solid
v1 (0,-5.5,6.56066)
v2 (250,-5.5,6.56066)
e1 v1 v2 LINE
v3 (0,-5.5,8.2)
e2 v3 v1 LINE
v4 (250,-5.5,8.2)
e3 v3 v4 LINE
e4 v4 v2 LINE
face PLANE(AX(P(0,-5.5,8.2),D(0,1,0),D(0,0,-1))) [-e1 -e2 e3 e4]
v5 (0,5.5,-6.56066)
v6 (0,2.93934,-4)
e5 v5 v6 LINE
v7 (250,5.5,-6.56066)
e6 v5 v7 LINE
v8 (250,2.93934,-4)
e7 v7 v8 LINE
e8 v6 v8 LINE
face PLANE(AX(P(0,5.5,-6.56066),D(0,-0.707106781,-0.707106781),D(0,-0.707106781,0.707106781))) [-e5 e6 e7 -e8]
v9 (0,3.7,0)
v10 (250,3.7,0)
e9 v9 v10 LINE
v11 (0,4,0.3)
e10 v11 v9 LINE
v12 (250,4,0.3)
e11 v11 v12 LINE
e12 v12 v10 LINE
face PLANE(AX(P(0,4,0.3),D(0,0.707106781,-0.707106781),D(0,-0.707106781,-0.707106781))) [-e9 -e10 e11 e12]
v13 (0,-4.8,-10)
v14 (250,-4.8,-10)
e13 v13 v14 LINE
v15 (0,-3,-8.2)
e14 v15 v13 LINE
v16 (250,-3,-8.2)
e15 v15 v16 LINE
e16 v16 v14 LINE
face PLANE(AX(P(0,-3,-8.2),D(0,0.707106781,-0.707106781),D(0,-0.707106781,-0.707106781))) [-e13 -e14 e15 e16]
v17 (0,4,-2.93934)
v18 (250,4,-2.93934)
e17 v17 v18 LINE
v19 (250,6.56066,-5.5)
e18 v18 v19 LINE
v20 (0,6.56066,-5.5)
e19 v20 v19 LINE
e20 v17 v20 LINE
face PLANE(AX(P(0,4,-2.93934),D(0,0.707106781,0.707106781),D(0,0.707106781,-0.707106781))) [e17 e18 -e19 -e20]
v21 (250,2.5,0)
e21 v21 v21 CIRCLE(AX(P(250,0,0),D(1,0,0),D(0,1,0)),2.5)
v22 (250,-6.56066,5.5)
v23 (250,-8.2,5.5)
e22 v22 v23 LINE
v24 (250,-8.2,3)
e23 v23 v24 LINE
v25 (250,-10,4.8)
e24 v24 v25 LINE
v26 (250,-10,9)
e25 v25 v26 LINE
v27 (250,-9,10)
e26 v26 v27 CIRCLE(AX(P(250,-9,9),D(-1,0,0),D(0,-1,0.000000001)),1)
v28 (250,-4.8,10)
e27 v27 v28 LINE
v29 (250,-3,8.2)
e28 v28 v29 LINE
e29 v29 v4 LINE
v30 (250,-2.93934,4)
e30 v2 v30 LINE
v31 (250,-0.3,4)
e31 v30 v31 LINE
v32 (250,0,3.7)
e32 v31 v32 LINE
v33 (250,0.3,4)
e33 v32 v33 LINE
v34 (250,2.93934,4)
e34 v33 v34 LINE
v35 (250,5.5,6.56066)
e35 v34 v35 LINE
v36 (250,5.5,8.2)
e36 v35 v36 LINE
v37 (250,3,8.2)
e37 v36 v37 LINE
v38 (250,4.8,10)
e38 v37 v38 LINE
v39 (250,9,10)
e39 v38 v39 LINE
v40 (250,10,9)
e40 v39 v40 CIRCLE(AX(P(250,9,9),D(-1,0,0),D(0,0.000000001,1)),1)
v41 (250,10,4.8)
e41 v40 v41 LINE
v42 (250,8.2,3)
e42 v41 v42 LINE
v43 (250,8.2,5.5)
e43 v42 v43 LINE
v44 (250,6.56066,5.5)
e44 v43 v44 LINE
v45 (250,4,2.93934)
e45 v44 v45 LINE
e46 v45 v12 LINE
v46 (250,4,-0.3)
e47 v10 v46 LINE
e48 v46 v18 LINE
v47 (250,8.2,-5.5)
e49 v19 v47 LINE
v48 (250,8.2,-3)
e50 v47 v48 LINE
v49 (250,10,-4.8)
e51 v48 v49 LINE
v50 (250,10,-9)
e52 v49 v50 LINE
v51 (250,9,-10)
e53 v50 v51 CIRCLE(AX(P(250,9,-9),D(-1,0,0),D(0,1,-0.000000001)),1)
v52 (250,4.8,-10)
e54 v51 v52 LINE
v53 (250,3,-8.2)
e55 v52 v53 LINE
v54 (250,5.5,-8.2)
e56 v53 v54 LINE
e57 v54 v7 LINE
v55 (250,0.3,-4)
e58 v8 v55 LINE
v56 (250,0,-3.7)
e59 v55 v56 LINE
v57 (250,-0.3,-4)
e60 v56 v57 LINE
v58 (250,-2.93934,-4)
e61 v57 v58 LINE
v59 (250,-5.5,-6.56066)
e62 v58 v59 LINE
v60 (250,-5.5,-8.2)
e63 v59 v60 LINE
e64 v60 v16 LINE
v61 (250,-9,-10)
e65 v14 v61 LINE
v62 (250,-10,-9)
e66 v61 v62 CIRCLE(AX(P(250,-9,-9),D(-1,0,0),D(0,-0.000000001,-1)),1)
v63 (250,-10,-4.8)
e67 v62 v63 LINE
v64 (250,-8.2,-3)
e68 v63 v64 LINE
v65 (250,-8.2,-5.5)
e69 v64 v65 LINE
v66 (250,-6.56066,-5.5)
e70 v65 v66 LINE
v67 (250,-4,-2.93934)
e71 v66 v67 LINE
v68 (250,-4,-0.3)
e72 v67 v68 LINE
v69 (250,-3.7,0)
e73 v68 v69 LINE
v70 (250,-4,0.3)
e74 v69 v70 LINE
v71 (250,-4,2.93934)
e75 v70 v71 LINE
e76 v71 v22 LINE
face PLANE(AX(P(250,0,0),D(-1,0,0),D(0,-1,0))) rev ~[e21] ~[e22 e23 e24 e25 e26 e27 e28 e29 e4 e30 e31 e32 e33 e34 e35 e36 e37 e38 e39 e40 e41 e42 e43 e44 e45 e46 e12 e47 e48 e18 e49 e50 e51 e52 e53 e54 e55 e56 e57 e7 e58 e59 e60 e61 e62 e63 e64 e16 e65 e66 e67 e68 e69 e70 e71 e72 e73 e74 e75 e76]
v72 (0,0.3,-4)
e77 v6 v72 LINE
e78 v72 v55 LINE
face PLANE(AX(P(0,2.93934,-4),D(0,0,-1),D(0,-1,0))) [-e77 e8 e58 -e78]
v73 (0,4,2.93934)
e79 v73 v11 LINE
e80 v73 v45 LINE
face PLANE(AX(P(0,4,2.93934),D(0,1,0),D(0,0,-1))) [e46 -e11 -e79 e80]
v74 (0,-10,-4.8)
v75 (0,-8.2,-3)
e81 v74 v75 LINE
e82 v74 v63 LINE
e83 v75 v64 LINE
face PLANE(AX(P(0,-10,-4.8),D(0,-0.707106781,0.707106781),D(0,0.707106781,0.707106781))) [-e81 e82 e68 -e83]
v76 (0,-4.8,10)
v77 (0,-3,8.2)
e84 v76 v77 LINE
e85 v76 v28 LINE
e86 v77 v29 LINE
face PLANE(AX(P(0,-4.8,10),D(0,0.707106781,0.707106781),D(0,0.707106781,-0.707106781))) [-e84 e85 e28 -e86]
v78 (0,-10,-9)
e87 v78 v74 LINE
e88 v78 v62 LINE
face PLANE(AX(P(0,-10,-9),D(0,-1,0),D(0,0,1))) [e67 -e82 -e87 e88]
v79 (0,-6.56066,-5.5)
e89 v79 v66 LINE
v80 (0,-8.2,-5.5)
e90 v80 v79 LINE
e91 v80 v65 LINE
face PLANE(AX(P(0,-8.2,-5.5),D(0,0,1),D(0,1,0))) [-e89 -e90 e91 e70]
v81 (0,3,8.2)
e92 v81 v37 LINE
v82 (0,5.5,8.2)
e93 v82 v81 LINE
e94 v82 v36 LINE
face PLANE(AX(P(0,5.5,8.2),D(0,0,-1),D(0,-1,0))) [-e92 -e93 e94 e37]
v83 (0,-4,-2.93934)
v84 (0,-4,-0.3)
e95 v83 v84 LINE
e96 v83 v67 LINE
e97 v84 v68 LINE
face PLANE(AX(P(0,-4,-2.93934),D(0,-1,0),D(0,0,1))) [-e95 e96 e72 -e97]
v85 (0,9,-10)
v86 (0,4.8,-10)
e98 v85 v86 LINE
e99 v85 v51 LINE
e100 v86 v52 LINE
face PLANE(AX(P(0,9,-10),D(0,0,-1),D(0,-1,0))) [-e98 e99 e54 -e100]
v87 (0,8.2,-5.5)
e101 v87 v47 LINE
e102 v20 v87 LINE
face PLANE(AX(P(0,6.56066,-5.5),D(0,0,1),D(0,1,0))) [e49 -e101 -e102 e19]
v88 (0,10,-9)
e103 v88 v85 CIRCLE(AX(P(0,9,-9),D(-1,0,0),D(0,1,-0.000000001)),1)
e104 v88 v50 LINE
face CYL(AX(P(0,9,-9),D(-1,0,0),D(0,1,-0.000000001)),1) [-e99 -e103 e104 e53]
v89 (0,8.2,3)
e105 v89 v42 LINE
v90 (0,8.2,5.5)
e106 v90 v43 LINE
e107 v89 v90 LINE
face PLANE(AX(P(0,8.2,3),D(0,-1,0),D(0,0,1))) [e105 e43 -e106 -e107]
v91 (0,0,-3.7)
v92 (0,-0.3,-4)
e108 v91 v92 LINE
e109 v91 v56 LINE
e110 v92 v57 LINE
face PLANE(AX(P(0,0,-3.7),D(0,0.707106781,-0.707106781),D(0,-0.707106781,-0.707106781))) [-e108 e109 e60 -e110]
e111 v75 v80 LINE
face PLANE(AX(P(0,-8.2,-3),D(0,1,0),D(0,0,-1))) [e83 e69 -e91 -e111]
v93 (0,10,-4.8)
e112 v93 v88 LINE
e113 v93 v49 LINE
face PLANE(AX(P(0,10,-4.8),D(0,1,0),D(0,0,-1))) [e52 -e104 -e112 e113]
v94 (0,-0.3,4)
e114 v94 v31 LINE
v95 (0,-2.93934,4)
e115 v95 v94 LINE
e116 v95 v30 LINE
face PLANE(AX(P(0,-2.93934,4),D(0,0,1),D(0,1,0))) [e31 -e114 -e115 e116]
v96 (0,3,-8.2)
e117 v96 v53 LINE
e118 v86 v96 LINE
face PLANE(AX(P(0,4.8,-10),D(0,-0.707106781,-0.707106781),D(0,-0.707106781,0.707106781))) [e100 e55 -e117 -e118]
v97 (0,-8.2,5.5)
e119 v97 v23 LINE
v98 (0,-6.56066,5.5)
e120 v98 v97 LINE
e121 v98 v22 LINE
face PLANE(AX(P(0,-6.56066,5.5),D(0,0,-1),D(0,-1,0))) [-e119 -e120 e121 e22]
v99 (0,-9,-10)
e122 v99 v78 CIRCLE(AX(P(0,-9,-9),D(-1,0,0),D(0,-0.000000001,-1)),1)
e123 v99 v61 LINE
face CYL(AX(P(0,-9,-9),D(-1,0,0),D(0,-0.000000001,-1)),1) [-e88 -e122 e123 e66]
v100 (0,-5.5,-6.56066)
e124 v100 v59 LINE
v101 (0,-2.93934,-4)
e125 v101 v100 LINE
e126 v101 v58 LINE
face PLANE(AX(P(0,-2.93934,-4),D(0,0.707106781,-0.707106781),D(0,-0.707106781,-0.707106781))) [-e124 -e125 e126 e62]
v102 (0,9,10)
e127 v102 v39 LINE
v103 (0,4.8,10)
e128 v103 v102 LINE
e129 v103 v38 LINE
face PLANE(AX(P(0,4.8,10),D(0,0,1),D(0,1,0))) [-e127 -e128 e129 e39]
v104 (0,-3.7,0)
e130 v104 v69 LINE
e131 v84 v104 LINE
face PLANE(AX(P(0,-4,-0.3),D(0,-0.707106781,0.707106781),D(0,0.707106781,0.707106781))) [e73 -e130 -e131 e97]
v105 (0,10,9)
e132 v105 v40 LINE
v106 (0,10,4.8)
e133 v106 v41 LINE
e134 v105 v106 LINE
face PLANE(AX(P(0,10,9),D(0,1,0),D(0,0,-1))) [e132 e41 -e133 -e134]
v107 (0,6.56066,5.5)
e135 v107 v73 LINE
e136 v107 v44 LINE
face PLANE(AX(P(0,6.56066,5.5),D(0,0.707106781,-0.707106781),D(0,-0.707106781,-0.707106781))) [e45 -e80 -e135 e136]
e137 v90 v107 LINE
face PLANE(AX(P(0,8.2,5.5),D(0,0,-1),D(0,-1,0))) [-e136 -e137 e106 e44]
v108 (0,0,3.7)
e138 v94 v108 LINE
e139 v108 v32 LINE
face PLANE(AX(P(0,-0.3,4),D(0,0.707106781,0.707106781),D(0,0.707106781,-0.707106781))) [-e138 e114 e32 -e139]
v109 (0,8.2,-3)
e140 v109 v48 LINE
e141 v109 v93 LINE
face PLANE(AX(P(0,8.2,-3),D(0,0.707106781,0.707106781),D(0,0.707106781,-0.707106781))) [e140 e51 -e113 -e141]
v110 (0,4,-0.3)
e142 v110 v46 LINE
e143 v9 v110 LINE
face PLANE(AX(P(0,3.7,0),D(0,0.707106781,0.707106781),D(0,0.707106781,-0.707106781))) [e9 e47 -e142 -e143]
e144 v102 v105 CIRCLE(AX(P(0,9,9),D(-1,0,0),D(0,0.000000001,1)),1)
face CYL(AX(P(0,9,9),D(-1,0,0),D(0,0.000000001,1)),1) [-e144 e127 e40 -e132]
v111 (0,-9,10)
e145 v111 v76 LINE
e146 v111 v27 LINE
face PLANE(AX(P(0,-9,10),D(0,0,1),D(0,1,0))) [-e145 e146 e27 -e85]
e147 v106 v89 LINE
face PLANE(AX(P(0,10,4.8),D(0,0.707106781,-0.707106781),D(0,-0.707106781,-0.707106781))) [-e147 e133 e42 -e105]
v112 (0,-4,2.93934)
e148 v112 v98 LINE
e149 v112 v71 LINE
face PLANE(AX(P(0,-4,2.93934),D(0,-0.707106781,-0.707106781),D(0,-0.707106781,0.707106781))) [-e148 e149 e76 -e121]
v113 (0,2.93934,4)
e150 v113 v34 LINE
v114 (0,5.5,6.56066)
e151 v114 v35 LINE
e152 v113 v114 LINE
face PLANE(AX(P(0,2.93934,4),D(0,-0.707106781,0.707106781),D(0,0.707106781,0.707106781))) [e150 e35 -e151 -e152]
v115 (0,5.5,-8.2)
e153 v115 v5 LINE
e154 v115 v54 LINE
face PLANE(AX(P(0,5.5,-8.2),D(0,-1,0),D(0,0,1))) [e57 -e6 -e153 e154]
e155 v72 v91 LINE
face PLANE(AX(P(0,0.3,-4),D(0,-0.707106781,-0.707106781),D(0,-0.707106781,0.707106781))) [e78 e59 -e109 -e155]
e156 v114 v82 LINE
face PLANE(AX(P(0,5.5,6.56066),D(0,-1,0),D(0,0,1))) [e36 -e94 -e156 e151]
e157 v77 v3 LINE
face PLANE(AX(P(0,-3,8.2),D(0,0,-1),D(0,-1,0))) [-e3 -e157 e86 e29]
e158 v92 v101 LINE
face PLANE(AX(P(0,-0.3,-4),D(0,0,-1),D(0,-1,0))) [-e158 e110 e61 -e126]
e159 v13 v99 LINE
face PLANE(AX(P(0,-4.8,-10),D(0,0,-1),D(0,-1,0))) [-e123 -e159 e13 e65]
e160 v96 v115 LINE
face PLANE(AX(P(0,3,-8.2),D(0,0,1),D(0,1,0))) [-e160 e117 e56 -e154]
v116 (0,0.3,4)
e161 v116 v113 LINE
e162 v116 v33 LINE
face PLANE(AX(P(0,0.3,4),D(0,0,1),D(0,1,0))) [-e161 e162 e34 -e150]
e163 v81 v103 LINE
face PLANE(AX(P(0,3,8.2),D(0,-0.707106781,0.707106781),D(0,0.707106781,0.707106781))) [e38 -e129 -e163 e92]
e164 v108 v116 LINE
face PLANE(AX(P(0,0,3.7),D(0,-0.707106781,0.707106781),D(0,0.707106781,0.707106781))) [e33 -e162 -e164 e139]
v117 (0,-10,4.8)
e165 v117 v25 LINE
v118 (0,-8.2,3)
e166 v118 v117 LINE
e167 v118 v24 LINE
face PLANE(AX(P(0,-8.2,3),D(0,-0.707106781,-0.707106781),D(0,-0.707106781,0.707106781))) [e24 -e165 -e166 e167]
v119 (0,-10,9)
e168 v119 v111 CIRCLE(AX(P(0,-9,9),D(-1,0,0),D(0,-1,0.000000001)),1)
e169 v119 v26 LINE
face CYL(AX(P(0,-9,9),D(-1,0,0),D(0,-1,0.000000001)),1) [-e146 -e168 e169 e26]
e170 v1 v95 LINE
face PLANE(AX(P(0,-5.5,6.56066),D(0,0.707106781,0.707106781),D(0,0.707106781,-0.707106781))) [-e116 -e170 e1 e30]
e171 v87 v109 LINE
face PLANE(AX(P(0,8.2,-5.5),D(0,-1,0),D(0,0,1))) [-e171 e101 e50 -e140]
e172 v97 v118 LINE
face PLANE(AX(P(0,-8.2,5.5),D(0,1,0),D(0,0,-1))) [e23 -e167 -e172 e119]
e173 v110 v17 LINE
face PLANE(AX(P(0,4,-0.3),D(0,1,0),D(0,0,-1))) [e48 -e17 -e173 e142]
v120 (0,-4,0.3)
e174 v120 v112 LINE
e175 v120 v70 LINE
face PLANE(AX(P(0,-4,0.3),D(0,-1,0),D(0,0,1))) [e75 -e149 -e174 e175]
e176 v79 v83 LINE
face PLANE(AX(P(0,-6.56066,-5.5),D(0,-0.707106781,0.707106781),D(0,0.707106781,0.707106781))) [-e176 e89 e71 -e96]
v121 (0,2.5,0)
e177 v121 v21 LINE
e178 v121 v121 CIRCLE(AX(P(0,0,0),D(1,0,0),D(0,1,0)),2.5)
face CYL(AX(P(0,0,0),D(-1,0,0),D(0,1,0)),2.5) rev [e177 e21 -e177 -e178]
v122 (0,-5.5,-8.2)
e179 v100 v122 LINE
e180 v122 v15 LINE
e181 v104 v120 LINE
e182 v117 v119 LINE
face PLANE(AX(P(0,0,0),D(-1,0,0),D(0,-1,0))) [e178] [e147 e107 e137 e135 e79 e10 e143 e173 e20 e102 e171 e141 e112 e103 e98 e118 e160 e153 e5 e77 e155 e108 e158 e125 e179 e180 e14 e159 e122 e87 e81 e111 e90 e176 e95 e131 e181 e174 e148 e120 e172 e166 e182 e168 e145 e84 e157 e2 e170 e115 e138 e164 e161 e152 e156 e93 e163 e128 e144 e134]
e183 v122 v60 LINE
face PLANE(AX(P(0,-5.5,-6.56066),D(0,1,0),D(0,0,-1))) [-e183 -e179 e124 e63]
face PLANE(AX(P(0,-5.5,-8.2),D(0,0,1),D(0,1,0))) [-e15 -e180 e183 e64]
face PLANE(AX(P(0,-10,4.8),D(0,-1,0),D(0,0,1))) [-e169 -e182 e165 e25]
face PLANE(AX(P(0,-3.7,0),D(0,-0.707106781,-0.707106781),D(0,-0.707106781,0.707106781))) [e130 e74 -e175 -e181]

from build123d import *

# Parameters (mm, degrees)
SKETCH11_R                                  = 2.5
QUADRADO_PF20_11_PERFIL_2020_V_SLOT_1_DEPTH = 250


with BuildPart() as part:
    # Sketch11 → Quadrado PF20-11 - PERFIL 2020 V-SLOT(1) (new body)
    with BuildSketch(Plane.YZ):
        with BuildLine():
            Line((-4.8, 10), (-3, 8.2))
            Line((-3, 8.2), (-5.5, 8.2))
            Line((-5.5, 8.2), (-5.5, 6.560660172))
            Line((-5.5, 6.560660172), (-2.939339828, 4))
            Line((-2.939339828, 4), (-0.3, 4))
            Line((-0.3, 4), (0, 3.7))
            Line((0, 3.7), (0.3, 4))
            Line((0.3, 4), (2.939339828, 4))
            Line((2.939339828, 4), (5.5, 6.560660172))
            Line((5.5, 6.560660172), (5.5, 8.2))
            Line((5.5, 8.2), (3, 8.2))
            Line((3, 8.2), (4.8, 10))
            Line((4.8, 10), (9, 10))
            ThreePointArc((9, 10), (9.707106781, 9.707106781), (10, 9))
            Line((10, 9), (10, 4.8))
            Line((10, 4.8), (8.2, 3))
            Line((8.2, 3), (8.2, 5.5))
            Line((8.2, 5.5), (6.560660172, 5.5))
            Line((6.560660172, 5.5), (4, 2.939339828))
            Line((4, 2.939339828), (4, 0.3))
            Line((4, 0.3), (3.7, 0))
            Line((3.7, 0), (4, -0.3))
            Line((4, -0.3), (4, -2.939339828))
            Line((4, -2.939339828), (6.560660172, -5.5))
            Line((6.560660172, -5.5), (8.2, -5.5))
            Line((8.2, -5.5), (8.2, -3))
            Line((8.2, -3), (10, -4.8))
            Line((10, -4.8), (10, -9))
            ThreePointArc((10, -9), (9.707106781, -9.707106781), (9, -10))
            Line((9, -10), (4.8, -10))
            Line((4.8, -10), (3, -8.2))
            Line((3, -8.2), (5.5, -8.2))
            Line((5.5, -8.2), (5.5, -6.560660172))
            Line((5.5, -6.560660172), (2.939339828, -4))
            Line((2.939339828, -4), (0.3, -4))
            Line((0.3, -4), (0, -3.7))
            Line((0, -3.7), (-0.3, -4))
            Line((-0.3, -4), (-2.939339828, -4))
            Line((-2.939339828, -4), (-5.5, -6.560660172))
            Line((-5.5, -6.560660172), (-5.5, -8.2))
            Line((-5.5, -8.2), (-3, -8.2))
            Line((-3, -8.2), (-4.8, -10))
            Line((-4.8, -10), (-9, -10))
            ThreePointArc((-9, -10), (-9.707106781, -9.707106781), (-10, -9))
            Line((-10, -9), (-10, -4.8))
            Line((-10, -4.8), (-8.2, -3))
            Line((-8.2, -3), (-8.2, -5.5))
            Line((-8.2, -5.5), (-6.560660172, -5.5))
            Line((-6.560660172, -5.5), (-4, -2.939339828))
            Line((-4, -2.939339828), (-4, -0.3))
            Line((-4, -0.3), (-3.7, 0))
            Line((-3.7, 0), (-4, 0.3))
            Line((-4, 0.3), (-4, 2.939339828))
            Line((-4, 2.939339828), (-6.560660172, 5.5))
            Line((-6.560660172, 5.5), (-8.2, 5.5))
            Line((-8.2, 5.5), (-8.2, 3))
            Line((-8.2, 3), (-10, 4.8))
            Line((-10, 4.8), (-10, 9))
            ThreePointArc((-10, 9), (-9.707106781, 9.707106781), (-9, 10))
            Line((-9, 10), (-4.8, 10))
        make_face()
        Circle(SKETCH11_R, mode=Mode.SUBTRACT)
    extrude(amount=QUADRADO_PF20_11_PERFIL_2020_V_SLOT_1_DEPTH)


solid = part.part
